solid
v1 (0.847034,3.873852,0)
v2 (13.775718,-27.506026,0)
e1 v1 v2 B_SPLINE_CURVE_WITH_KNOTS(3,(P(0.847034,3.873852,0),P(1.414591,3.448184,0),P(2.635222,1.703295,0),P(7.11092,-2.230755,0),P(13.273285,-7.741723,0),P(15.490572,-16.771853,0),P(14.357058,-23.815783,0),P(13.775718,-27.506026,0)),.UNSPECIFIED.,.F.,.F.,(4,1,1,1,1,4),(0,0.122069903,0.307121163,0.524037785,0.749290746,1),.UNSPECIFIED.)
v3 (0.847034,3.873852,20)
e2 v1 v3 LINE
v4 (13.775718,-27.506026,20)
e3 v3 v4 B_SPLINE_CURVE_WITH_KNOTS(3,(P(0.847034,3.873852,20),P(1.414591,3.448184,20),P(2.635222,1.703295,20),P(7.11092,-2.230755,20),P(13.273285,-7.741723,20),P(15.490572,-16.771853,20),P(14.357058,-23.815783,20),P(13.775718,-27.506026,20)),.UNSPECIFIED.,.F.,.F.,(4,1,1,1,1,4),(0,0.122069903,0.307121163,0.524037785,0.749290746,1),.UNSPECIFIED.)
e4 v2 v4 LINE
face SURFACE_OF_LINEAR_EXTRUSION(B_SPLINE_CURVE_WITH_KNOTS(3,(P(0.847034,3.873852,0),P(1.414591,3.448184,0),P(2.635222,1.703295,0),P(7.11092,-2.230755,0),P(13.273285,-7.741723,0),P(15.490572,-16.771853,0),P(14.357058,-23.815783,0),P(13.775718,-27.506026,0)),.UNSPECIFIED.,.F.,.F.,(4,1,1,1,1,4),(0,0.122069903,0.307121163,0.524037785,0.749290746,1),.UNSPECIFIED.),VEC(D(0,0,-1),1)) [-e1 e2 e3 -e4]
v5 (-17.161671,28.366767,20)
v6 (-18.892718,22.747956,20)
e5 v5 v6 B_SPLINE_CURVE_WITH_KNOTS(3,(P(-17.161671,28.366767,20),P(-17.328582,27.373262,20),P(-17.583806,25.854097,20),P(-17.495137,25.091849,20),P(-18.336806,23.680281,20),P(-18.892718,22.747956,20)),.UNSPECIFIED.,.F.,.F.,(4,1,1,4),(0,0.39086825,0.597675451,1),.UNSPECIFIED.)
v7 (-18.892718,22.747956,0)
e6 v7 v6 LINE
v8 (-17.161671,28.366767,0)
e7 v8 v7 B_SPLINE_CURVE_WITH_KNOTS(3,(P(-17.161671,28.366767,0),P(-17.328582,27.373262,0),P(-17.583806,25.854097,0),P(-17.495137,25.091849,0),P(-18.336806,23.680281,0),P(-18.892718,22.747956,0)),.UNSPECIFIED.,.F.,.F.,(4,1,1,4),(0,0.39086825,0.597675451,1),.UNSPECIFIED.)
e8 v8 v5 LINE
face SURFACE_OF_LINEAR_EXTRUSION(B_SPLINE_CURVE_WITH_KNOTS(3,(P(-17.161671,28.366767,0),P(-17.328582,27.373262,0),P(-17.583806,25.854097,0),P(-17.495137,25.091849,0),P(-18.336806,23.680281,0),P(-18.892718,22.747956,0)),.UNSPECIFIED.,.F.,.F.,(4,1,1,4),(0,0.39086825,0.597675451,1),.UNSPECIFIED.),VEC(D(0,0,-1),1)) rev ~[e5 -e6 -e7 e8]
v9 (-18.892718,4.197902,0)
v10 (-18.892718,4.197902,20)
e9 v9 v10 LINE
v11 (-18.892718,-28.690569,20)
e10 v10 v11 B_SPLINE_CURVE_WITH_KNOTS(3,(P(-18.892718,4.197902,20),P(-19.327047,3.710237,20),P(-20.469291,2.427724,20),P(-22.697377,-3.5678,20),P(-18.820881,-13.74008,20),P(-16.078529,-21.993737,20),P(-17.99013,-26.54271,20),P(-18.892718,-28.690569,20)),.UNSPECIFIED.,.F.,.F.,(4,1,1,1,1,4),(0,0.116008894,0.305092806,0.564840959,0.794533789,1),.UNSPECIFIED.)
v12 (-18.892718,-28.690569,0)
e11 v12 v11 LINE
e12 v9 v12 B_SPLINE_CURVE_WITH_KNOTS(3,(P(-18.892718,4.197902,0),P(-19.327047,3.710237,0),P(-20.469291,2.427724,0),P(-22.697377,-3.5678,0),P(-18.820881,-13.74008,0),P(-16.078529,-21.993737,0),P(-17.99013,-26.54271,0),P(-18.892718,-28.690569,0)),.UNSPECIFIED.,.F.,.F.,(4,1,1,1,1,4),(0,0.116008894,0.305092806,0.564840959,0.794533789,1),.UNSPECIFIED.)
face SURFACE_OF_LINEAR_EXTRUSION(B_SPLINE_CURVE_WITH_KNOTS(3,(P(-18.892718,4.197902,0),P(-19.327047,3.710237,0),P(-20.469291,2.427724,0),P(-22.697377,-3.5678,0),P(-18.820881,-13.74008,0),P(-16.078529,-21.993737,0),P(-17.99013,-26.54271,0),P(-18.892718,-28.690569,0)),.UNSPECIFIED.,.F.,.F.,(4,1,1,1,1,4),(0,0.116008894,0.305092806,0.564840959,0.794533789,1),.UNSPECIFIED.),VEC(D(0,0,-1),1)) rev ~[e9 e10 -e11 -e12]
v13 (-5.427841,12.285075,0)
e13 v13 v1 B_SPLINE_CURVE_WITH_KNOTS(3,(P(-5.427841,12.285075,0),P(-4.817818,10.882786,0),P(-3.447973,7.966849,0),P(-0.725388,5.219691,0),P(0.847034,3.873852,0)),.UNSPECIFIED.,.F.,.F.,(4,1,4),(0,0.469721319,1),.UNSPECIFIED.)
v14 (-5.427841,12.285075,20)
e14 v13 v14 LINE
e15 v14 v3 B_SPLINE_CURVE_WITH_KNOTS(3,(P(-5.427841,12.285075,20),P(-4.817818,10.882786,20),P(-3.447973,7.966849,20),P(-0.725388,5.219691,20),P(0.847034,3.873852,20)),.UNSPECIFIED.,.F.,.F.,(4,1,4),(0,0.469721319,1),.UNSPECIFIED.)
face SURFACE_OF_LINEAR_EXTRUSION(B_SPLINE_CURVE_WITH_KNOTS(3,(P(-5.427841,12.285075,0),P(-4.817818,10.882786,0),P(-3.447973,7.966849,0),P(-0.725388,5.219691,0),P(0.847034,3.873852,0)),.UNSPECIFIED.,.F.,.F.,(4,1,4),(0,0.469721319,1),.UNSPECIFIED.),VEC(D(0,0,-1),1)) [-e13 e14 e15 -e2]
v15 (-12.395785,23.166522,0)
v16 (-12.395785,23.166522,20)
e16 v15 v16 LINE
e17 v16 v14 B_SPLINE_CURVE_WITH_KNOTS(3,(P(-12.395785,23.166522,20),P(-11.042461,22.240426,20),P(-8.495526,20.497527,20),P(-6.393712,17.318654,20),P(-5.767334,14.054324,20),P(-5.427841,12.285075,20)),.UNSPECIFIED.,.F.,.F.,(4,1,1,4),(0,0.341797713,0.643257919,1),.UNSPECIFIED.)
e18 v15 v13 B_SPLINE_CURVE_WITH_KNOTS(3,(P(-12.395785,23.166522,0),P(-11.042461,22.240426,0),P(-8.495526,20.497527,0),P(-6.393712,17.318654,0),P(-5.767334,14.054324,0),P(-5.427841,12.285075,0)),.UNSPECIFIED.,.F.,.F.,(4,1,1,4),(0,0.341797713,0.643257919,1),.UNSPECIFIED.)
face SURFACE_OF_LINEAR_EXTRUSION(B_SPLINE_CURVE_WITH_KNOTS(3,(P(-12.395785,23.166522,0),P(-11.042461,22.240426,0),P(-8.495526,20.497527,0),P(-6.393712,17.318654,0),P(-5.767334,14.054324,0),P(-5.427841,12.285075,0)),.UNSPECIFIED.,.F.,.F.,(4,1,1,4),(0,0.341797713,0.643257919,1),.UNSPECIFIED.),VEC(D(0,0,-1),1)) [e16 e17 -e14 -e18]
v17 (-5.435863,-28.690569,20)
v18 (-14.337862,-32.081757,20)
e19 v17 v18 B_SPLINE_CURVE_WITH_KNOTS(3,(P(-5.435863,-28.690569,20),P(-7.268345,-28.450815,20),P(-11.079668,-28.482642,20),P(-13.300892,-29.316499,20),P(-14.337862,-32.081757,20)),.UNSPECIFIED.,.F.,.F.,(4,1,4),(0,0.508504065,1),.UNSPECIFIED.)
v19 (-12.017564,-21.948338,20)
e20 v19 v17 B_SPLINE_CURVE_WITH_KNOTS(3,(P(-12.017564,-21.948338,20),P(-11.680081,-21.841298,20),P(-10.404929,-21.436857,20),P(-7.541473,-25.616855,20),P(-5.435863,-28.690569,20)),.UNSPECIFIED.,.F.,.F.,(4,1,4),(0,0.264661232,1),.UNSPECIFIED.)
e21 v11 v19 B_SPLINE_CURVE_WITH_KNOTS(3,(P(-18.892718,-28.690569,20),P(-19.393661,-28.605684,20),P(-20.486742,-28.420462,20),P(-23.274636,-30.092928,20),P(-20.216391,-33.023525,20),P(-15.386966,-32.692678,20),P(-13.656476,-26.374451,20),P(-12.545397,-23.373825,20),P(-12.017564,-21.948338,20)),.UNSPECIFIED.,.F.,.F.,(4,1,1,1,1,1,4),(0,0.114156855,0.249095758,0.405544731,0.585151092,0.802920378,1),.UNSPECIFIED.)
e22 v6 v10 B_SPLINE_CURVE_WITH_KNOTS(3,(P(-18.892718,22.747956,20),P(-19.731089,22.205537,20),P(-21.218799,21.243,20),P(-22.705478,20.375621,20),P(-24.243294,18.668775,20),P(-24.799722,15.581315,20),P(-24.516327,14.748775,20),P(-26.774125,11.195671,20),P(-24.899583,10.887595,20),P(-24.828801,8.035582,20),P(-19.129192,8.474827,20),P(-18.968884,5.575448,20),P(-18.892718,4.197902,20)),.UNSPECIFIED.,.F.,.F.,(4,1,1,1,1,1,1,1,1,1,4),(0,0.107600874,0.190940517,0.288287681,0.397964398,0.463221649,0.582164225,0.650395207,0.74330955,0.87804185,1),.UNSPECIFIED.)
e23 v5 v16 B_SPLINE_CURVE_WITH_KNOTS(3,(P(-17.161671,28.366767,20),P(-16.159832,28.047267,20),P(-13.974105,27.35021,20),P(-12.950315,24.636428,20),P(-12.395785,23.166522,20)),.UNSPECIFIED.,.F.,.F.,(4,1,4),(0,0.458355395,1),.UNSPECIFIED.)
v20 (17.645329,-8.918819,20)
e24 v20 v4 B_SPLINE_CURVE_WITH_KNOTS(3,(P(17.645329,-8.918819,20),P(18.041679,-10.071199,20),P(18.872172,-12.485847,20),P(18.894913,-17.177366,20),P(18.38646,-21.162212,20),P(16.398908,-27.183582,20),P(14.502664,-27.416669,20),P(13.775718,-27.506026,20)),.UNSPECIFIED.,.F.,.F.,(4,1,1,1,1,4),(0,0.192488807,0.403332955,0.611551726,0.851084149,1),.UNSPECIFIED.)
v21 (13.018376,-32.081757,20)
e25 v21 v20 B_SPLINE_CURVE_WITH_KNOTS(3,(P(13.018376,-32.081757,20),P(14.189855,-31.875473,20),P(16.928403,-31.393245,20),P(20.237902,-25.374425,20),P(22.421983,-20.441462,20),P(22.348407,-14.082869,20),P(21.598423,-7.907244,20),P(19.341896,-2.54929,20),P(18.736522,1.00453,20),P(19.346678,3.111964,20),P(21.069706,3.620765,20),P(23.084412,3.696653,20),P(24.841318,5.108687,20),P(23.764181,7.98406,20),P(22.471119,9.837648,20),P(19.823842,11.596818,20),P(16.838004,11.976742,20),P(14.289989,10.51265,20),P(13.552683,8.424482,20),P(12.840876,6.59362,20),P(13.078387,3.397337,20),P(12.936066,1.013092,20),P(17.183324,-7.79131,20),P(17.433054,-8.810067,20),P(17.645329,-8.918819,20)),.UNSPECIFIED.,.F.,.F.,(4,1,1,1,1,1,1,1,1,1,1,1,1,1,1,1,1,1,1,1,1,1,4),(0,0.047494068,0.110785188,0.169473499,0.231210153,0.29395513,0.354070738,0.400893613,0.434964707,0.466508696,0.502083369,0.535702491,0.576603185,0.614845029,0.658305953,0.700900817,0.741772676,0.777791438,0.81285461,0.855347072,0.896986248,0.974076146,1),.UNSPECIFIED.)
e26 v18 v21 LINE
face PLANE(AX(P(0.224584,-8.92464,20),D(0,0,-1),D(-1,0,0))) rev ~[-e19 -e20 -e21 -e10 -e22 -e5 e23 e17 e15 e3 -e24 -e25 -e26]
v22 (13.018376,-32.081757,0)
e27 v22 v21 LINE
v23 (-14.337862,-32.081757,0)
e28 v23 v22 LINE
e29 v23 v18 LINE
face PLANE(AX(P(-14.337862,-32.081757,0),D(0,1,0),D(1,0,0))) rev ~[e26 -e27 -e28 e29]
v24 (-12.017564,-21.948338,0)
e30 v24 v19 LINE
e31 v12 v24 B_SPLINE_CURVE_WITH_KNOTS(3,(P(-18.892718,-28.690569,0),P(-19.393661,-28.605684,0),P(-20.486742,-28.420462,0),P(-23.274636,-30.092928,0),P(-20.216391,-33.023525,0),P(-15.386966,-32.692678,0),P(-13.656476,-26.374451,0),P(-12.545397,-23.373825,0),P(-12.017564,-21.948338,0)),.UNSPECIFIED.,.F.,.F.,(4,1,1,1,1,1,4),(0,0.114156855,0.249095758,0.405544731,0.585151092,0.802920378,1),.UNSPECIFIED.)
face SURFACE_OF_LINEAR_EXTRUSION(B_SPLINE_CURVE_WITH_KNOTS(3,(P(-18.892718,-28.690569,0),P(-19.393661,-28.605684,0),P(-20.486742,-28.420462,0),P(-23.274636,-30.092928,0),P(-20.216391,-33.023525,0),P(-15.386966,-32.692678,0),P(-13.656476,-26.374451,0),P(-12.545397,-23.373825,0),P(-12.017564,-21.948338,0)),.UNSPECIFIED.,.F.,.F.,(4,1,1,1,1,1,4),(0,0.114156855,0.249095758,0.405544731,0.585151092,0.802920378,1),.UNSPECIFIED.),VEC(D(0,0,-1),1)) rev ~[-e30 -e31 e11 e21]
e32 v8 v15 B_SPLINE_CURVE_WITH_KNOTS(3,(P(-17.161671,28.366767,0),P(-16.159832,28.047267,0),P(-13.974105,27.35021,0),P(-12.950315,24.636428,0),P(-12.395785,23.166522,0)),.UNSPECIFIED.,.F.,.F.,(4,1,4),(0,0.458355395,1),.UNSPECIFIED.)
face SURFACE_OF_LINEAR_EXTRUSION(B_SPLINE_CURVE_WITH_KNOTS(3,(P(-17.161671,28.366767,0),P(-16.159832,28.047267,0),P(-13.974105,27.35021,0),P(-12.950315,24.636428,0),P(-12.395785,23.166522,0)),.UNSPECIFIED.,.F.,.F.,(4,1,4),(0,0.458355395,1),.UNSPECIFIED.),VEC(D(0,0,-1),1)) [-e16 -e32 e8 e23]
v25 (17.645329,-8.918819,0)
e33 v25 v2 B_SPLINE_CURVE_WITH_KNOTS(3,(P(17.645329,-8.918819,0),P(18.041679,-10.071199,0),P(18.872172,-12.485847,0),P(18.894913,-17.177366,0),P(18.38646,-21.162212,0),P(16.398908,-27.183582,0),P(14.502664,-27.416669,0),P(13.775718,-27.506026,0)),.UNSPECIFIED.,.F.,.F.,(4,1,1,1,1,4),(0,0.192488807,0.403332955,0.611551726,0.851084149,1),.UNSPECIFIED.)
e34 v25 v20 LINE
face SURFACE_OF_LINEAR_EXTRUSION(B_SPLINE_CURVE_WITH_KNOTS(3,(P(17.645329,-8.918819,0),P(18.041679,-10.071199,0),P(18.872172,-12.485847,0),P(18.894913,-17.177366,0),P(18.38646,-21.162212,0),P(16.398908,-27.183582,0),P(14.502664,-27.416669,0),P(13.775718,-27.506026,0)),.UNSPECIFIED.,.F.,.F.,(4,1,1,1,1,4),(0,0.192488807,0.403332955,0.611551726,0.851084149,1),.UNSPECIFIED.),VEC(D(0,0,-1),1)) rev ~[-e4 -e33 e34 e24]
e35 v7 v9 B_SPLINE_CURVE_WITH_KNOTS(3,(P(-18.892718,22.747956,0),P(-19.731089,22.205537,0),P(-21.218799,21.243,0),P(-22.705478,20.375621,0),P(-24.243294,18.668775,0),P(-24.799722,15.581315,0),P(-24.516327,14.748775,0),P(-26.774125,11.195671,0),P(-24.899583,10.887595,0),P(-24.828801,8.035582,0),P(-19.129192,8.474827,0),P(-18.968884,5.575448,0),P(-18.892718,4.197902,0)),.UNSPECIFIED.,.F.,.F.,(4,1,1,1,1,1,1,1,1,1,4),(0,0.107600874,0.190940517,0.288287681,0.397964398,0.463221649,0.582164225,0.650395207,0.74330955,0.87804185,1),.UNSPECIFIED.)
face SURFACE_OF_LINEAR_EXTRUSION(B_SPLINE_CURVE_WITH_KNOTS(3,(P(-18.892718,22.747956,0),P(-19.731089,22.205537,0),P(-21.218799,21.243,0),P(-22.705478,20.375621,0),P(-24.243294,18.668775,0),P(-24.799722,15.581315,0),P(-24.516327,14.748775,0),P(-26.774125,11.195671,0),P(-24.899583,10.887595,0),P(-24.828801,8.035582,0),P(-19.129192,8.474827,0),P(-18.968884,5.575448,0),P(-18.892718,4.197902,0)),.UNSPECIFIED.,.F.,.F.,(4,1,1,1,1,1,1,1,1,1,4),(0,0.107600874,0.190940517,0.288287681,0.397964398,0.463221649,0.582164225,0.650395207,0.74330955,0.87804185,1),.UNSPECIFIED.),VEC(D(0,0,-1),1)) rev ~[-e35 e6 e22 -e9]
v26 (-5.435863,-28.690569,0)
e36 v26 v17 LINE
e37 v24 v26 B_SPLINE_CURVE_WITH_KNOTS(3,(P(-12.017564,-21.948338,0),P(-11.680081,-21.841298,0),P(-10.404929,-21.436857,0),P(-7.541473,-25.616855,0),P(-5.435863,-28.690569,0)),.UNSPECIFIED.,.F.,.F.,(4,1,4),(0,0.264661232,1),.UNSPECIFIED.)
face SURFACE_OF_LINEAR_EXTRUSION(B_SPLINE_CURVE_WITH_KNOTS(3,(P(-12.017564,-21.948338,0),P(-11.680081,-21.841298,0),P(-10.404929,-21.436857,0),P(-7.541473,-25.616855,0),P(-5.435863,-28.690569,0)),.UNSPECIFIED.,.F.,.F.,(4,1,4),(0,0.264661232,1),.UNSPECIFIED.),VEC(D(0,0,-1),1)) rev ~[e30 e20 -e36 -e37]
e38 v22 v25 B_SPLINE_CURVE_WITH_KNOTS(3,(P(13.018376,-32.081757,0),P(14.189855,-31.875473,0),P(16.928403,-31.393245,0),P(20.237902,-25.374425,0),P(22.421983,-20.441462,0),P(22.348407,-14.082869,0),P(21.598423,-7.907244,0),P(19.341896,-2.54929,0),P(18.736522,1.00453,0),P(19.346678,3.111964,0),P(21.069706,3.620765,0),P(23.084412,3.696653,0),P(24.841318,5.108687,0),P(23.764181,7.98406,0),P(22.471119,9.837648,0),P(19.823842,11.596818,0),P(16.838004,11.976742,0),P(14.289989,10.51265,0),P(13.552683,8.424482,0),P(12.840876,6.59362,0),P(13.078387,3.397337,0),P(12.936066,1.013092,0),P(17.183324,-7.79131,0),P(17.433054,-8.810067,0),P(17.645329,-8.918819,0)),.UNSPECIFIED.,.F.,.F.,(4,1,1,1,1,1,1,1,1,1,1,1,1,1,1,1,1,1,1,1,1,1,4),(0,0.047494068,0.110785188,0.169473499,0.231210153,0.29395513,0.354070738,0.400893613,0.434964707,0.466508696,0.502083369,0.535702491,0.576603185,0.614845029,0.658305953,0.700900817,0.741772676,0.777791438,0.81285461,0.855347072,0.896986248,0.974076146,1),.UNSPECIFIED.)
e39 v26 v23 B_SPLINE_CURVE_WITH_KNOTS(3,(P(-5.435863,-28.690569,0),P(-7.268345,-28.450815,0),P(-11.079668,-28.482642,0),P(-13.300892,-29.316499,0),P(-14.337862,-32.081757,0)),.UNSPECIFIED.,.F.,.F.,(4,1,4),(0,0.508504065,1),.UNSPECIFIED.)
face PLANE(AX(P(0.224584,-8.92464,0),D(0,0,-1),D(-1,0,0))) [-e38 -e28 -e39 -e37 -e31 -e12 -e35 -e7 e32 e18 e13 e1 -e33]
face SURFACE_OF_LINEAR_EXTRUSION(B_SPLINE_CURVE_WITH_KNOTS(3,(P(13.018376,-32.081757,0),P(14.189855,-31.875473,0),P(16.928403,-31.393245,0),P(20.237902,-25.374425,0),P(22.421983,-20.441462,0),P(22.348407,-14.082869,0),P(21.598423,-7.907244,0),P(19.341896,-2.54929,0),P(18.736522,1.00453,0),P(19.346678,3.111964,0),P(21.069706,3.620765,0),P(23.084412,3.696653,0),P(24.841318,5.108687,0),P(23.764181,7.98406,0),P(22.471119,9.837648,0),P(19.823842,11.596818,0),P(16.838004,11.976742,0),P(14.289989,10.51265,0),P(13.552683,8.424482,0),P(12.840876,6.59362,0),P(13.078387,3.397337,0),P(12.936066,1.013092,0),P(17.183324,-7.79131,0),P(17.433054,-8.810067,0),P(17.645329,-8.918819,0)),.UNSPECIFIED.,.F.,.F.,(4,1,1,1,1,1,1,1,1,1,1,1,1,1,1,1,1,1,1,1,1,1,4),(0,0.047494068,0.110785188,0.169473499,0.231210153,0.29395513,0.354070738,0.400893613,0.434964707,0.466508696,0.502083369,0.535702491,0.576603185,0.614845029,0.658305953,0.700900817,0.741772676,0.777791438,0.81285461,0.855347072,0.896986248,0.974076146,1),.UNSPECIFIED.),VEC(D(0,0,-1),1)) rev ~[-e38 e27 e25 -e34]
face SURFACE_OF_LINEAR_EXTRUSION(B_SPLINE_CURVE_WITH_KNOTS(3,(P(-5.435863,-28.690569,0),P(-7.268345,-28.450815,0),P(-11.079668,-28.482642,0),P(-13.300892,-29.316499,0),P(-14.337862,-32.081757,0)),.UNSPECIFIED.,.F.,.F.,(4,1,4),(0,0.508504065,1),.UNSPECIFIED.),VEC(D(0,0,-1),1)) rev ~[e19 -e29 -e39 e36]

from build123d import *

# Parameters (mm, degrees)
F1_DEPTH = 20


with BuildPart() as f1:
    # F0 (on Top) → F1 (new body)
    with BuildSketch(Plane.XY):
        with BuildLine():
            add(Edge.make_bspline(
                [(-17.1616710722, 28.36676687), (-16.1598315036, 28.0472670506), (-13.9741049272, 27.3502100884), (-12.9503153118, 24.6364278771), (-12.3957851902, 23.1665223837)],
                knots=[0, 0, 0, 0, 0.4583553952, 1, 1, 1, 1], degree=3))
            add(Edge.make_bspline(
                [(-17.1616710722, 28.36676687), (-17.328582444, 27.3732619192), (-17.5838061144, 25.8540965241), (-17.4951374375, 25.0918492503), (-18.3368060162, 23.6802809333), (-18.892718479, 22.7479562163)],
                knots=[0, 0, 0, 0, 0.3908682502, 0.5976754512, 1, 1, 1, 1], degree=3))
            add(Edge.make_bspline(
                [(-18.892718479, 22.7479562163), (-19.731088897, 22.2055368936), (-21.218798759, 21.2429998593), (-22.7054780053, 20.3756209293), (-24.243294113, 18.668775406), (-24.7997219023, 15.5813146867), (-24.516327171, 14.7487749034), (-26.7741247683, 11.195670935), (-24.899583191, 10.8875954594), (-24.8288006425, 8.0355816259), (-19.1291920086, 8.4748273868), (-18.9688837526, 5.5754478313), (-18.892718479, 4.1979015805)],
                knots=[0, 0, 0, 0, 0.1076008736, 0.1909405168, 0.2882876811, 0.3979643978, 0.4632216493, 0.5821642249, 0.6503952072, 0.7433095502, 0.87804185, 1, 1, 1, 1], degree=3))
            add(Edge.make_bspline(
                [(-18.892718479, 4.1979015805), (-19.3270469567, 3.7102370308), (-20.469291223, 2.4277237619), (-22.6973769241, -3.5677996502), (-18.8208806779, -13.7400798729), (-16.0785291662, -21.9937373669), (-17.9901302435, -26.5427102105), (-18.892718479, -28.6905691028)],
                knots=[0, 0, 0, 0, 0.1160088939, 0.3050928057, 0.5648409588, 0.7945337885, 1, 1, 1, 1], degree=3))
            add(Edge.make_bspline(
                [(-18.892718479, -28.6905691028), (-19.3936610118, -28.6056844118), (-20.4867417507, -28.420461927), (-23.2746355404, -30.0929280139), (-20.2163914665, -33.0235250373), (-15.386966382, -32.6926776277), (-13.656476351, -26.3744507032), (-12.5453971972, -23.3738254418), (-12.0175639167, -21.9483375549)],
                knots=[0, 0, 0, 0, 0.1141568553, 0.2490957577, 0.4055447306, 0.5851510919, 0.8029203776, 1, 1, 1, 1], degree=3))
            add(Edge.make_bspline(
                [(-12.0175639167, -21.9483375549), (-11.6800807991, -21.8412976758), (-10.404929486, -21.4368565786), (-7.5414730823, -25.616854547), (-5.4358625785, -28.6905691028)],
                knots=[0, 0, 0, 0, 0.2646612321, 1, 1, 1, 1], degree=3))
            add(Edge.make_bspline(
                [(-5.4358625785, -28.6905691028), (-7.2683450892, -28.4508148166), (-11.0796684075, -28.4826416173), (-13.3008921533, -29.3164990132), (-14.3378619105, -32.0817567408)],
                knots=[0, 0, 0, 0, 0.5085040648, 1, 1, 1, 1], degree=3))
            Line((-14.3378619105, -32.0817567408), (13.0183761939, -32.0817567408))
            add(Edge.make_bspline(
                [(13.0183761939, -32.0817567408), (14.1898552527, -31.8754725867), (16.928403208, -31.3932454019), (20.2379024463, -25.37442458), (22.4219828951, -20.4414616503), (22.3484066589, -14.0828692496), (21.5984225576, -7.907243983), (19.3418962456, -2.5492896642), (18.7365216487, 1.00453003), (19.3466784638, 3.1119640749), (21.0697063191, 3.6207654144), (23.08441226, 3.6966526024), (24.8413181882, 5.108687306), (23.7641813095, 7.9840596947), (22.4711194363, 9.8376484478), (19.8238420752, 11.5968179065), (16.8380038452, 11.9767418172), (14.2899888425, 10.5126497542), (13.5526834141, 8.4244823416), (12.8408763403, 6.5936197797), (13.0783866744, 3.397336652), (12.9360659878, 1.0130916145), (17.1833242683, -7.7913100711), (17.4330536109, -8.8100674939), (17.645329237, -8.9188190177)],
                knots=[0, 0, 0, 0, 0.0474940676, 0.1107851884, 0.1694734988, 0.2312101534, 0.2939551295, 0.3540707378, 0.400893613, 0.4349647075, 0.4665086958, 0.5020833691, 0.5357024907, 0.5766031851, 0.6148450293, 0.6583059531, 0.7009008166, 0.7417726755, 0.7777914382, 0.8128546105, 0.8553470715, 0.8969862476, 0.9740761464, 1, 1, 1, 1], degree=3))
            add(Edge.make_bspline(
                [(17.645329237, -8.9188190177), (18.0416786028, -10.0711988654), (18.8721724005, -12.48584715), (18.8949134055, -17.1773657255), (18.3864598388, -21.1622115056), (16.3989079689, -27.1835822155), (14.5026640373, -27.4166691199), (13.7757183984, -27.506025508)],
                knots=[0, 0, 0, 0, 0.1924888075, 0.4033329547, 0.6115517255, 0.8510841488, 1, 1, 1, 1], degree=3))
            add(Edge.make_bspline(
                [(0.8470340981, 3.8738520816), (1.4145908644, 3.4481843468), (2.6352217452, 1.7032949056), (7.1109199657, -2.2307549789), (13.2732847908, -7.7417233858), (15.4905720626, -16.7718525178), (14.3570575333, -23.8157825644), (13.7757183984, -27.506025508)],
                knots=[0, 0, 0, 0, 0.122069903, 0.3071211628, 0.5240377846, 0.7492907456, 1, 1, 1, 1], degree=3))
            add(Edge.make_bspline(
                [(-5.4278406315, 12.2850751504), (-4.8178175147, 10.8827857482), (-3.4479728559, 7.9668489121), (-0.72538778, 5.2196914148), (0.8470340981, 3.8738520816)],
                knots=[0, 0, 0, 0, 0.4697213192, 1, 1, 1, 1], degree=3))
            add(Edge.make_bspline(
                [(-12.3957851902, 23.1665223837), (-11.0424609404, 22.2404257675), (-8.4955259869, 20.497526501), (-6.3937119092, 17.3186538718), (-5.7673340461, 14.0543241874), (-5.4278406315, 12.2850751504)],
                knots=[0, 0, 0, 0, 0.3417977126, 0.6432579195, 1, 1, 1, 1], degree=3))
        make_face()
    extrude(amount=F1_DEPTH)


solid = f1.part
